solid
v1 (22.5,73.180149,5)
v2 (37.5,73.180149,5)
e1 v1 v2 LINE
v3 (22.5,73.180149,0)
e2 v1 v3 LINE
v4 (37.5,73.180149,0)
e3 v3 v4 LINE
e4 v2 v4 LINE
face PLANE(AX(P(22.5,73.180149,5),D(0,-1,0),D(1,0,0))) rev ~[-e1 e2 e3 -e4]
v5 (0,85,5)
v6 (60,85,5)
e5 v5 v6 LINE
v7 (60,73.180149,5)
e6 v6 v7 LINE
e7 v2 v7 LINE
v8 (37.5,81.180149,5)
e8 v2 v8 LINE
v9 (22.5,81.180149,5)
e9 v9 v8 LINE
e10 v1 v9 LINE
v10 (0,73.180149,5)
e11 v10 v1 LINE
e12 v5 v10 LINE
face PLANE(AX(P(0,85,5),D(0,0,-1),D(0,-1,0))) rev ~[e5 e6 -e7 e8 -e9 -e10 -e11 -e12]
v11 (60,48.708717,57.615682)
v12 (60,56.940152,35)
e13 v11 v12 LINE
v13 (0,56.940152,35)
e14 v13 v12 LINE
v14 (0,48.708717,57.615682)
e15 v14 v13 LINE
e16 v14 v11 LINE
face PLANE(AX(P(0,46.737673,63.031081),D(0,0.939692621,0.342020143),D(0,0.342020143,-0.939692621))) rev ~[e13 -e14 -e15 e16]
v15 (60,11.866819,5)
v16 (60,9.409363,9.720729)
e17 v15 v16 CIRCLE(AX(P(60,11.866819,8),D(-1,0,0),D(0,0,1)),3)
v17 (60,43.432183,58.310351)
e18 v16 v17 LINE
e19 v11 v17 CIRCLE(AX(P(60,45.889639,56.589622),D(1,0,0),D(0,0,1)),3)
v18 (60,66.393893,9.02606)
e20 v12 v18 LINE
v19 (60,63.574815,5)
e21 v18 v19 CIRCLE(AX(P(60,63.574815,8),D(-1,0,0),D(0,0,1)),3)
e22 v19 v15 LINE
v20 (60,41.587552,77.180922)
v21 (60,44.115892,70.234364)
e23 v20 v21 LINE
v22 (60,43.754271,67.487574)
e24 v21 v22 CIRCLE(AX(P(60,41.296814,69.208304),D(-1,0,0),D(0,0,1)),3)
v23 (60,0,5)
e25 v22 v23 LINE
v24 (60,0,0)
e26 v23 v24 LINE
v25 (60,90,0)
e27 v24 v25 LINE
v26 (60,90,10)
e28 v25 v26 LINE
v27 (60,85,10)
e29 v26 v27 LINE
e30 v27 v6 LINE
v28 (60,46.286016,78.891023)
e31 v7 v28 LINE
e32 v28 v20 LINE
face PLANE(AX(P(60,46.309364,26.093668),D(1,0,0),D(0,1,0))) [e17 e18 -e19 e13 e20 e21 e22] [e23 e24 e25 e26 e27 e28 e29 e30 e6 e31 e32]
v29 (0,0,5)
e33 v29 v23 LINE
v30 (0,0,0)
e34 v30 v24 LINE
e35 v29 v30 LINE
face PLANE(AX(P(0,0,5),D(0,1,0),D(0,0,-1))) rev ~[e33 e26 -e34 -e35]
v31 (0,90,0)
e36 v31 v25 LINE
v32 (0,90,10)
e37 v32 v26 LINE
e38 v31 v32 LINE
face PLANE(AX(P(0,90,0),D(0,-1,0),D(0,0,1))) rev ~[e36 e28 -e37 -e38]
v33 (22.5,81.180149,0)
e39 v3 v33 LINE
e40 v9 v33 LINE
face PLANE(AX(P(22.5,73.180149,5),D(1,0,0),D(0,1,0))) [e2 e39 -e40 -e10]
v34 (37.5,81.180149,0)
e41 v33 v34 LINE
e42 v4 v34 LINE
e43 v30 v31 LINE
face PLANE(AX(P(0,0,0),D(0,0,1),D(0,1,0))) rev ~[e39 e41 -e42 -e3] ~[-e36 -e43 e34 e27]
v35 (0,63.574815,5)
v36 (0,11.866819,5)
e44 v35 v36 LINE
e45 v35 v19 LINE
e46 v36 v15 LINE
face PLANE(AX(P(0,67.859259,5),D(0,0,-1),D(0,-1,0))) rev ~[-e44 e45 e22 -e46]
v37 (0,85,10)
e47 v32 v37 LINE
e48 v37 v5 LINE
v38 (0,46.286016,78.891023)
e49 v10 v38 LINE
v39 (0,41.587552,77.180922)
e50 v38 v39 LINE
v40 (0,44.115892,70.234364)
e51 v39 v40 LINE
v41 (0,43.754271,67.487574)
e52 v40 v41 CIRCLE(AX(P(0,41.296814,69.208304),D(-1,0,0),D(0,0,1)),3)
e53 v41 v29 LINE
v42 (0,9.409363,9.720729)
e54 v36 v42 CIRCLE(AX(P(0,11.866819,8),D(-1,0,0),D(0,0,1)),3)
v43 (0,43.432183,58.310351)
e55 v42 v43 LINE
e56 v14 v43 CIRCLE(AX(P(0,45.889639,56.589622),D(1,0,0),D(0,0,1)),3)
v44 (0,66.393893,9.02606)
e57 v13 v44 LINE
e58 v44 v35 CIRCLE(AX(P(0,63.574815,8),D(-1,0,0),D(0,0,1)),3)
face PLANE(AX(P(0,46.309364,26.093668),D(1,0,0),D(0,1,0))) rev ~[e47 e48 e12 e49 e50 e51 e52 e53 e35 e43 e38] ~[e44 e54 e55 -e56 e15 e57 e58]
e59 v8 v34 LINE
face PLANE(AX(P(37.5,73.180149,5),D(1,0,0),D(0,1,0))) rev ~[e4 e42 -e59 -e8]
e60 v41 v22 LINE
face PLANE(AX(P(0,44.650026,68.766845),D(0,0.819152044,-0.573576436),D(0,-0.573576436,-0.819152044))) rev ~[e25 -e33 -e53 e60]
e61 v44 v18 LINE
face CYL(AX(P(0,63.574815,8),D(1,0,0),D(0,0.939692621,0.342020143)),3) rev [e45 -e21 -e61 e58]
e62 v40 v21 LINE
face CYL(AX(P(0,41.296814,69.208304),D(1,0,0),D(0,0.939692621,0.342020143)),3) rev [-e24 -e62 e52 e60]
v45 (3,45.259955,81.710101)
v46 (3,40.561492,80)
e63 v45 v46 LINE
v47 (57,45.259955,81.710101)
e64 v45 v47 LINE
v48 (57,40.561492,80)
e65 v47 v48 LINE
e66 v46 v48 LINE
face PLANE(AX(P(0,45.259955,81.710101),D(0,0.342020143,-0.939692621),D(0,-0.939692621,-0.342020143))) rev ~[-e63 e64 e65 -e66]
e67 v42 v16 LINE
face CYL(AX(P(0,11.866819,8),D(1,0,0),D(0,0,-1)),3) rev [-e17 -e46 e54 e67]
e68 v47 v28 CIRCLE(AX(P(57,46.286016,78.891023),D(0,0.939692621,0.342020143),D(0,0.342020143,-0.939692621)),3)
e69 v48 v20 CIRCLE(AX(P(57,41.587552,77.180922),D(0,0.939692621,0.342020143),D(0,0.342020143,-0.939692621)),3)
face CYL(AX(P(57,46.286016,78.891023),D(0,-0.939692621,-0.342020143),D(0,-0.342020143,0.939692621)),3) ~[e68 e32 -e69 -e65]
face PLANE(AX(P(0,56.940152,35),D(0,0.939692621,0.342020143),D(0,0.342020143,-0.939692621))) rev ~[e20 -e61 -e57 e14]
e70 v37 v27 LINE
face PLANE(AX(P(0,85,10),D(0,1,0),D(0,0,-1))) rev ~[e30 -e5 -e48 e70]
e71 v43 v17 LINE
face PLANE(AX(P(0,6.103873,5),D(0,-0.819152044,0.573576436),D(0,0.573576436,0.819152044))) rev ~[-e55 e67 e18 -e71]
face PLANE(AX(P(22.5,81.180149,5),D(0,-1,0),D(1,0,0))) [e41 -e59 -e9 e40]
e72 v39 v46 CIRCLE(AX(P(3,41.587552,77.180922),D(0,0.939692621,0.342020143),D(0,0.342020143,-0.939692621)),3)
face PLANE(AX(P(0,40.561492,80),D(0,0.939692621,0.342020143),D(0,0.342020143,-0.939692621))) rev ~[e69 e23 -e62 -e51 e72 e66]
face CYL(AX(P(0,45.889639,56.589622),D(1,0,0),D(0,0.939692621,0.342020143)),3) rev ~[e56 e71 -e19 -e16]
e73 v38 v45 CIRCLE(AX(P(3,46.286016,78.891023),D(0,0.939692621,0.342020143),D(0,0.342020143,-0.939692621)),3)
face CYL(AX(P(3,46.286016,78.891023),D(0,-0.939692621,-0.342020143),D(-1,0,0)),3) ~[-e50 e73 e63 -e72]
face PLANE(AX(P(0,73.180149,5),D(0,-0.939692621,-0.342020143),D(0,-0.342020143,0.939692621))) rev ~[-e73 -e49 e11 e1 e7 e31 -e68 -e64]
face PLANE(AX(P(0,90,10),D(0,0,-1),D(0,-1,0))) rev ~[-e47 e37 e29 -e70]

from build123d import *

# Parameters (mm, degrees)
F1_DEPTH = 60
F2_R     = 3
F3_R     = 3
F5_W     = 15
F5_H     = 8
F6_DEPTH = 25


with BuildPart() as f1:
    # F0 (on Right) → F1 (new body)
    with BuildSketch(Plane.YZ):
        Polygon((0, 0), (90, 0), (90, 10), (85, 10), (85, 5), (73.1801488287, 5), (45.2599553973, 81.7101009996), (40.5614915158, 80), (44.6500255673, 68.7668450149), (0, 5), align=None)
        Polygon((56.9401520578, 35), (67.8592590858, 5), (6.1038729438, 5), (27.583580996, 35.6762022401), (46.7376730664, 63.0310806514), align=None, mode=Mode.SUBTRACT)
    extrude(amount=F1_DEPTH)

    # F2
    f2_edges = [f1.edges().sort_by_distance(p)[0] for p in [
        (30, 6.103873, 5),
        (30, 67.859259, 5),
        (30, 46.737673, 63.031081),
        (30, 44.650026, 68.766845),
    ]]
    fillet(f2_edges, radius=F2_R)

    # F3
    f3_edges = [f1.edges().sort_by_distance(p)[0] for p in [
        (60, 42.910723, 80.85505),
        (0, 42.910723, 80.85505),
    ]]
    fillet(f3_edges, radius=F3_R)

    # F5 (on offset) → F6 (cut)
    with BuildSketch(Plane.XY.offset(5)):
        with Locations((30, 77.1801488287)):
            Rectangle(F5_W, F5_H)
    extrude(amount=-F6_DEPTH, mode=Mode.SUBTRACT)


solid = f1.part
